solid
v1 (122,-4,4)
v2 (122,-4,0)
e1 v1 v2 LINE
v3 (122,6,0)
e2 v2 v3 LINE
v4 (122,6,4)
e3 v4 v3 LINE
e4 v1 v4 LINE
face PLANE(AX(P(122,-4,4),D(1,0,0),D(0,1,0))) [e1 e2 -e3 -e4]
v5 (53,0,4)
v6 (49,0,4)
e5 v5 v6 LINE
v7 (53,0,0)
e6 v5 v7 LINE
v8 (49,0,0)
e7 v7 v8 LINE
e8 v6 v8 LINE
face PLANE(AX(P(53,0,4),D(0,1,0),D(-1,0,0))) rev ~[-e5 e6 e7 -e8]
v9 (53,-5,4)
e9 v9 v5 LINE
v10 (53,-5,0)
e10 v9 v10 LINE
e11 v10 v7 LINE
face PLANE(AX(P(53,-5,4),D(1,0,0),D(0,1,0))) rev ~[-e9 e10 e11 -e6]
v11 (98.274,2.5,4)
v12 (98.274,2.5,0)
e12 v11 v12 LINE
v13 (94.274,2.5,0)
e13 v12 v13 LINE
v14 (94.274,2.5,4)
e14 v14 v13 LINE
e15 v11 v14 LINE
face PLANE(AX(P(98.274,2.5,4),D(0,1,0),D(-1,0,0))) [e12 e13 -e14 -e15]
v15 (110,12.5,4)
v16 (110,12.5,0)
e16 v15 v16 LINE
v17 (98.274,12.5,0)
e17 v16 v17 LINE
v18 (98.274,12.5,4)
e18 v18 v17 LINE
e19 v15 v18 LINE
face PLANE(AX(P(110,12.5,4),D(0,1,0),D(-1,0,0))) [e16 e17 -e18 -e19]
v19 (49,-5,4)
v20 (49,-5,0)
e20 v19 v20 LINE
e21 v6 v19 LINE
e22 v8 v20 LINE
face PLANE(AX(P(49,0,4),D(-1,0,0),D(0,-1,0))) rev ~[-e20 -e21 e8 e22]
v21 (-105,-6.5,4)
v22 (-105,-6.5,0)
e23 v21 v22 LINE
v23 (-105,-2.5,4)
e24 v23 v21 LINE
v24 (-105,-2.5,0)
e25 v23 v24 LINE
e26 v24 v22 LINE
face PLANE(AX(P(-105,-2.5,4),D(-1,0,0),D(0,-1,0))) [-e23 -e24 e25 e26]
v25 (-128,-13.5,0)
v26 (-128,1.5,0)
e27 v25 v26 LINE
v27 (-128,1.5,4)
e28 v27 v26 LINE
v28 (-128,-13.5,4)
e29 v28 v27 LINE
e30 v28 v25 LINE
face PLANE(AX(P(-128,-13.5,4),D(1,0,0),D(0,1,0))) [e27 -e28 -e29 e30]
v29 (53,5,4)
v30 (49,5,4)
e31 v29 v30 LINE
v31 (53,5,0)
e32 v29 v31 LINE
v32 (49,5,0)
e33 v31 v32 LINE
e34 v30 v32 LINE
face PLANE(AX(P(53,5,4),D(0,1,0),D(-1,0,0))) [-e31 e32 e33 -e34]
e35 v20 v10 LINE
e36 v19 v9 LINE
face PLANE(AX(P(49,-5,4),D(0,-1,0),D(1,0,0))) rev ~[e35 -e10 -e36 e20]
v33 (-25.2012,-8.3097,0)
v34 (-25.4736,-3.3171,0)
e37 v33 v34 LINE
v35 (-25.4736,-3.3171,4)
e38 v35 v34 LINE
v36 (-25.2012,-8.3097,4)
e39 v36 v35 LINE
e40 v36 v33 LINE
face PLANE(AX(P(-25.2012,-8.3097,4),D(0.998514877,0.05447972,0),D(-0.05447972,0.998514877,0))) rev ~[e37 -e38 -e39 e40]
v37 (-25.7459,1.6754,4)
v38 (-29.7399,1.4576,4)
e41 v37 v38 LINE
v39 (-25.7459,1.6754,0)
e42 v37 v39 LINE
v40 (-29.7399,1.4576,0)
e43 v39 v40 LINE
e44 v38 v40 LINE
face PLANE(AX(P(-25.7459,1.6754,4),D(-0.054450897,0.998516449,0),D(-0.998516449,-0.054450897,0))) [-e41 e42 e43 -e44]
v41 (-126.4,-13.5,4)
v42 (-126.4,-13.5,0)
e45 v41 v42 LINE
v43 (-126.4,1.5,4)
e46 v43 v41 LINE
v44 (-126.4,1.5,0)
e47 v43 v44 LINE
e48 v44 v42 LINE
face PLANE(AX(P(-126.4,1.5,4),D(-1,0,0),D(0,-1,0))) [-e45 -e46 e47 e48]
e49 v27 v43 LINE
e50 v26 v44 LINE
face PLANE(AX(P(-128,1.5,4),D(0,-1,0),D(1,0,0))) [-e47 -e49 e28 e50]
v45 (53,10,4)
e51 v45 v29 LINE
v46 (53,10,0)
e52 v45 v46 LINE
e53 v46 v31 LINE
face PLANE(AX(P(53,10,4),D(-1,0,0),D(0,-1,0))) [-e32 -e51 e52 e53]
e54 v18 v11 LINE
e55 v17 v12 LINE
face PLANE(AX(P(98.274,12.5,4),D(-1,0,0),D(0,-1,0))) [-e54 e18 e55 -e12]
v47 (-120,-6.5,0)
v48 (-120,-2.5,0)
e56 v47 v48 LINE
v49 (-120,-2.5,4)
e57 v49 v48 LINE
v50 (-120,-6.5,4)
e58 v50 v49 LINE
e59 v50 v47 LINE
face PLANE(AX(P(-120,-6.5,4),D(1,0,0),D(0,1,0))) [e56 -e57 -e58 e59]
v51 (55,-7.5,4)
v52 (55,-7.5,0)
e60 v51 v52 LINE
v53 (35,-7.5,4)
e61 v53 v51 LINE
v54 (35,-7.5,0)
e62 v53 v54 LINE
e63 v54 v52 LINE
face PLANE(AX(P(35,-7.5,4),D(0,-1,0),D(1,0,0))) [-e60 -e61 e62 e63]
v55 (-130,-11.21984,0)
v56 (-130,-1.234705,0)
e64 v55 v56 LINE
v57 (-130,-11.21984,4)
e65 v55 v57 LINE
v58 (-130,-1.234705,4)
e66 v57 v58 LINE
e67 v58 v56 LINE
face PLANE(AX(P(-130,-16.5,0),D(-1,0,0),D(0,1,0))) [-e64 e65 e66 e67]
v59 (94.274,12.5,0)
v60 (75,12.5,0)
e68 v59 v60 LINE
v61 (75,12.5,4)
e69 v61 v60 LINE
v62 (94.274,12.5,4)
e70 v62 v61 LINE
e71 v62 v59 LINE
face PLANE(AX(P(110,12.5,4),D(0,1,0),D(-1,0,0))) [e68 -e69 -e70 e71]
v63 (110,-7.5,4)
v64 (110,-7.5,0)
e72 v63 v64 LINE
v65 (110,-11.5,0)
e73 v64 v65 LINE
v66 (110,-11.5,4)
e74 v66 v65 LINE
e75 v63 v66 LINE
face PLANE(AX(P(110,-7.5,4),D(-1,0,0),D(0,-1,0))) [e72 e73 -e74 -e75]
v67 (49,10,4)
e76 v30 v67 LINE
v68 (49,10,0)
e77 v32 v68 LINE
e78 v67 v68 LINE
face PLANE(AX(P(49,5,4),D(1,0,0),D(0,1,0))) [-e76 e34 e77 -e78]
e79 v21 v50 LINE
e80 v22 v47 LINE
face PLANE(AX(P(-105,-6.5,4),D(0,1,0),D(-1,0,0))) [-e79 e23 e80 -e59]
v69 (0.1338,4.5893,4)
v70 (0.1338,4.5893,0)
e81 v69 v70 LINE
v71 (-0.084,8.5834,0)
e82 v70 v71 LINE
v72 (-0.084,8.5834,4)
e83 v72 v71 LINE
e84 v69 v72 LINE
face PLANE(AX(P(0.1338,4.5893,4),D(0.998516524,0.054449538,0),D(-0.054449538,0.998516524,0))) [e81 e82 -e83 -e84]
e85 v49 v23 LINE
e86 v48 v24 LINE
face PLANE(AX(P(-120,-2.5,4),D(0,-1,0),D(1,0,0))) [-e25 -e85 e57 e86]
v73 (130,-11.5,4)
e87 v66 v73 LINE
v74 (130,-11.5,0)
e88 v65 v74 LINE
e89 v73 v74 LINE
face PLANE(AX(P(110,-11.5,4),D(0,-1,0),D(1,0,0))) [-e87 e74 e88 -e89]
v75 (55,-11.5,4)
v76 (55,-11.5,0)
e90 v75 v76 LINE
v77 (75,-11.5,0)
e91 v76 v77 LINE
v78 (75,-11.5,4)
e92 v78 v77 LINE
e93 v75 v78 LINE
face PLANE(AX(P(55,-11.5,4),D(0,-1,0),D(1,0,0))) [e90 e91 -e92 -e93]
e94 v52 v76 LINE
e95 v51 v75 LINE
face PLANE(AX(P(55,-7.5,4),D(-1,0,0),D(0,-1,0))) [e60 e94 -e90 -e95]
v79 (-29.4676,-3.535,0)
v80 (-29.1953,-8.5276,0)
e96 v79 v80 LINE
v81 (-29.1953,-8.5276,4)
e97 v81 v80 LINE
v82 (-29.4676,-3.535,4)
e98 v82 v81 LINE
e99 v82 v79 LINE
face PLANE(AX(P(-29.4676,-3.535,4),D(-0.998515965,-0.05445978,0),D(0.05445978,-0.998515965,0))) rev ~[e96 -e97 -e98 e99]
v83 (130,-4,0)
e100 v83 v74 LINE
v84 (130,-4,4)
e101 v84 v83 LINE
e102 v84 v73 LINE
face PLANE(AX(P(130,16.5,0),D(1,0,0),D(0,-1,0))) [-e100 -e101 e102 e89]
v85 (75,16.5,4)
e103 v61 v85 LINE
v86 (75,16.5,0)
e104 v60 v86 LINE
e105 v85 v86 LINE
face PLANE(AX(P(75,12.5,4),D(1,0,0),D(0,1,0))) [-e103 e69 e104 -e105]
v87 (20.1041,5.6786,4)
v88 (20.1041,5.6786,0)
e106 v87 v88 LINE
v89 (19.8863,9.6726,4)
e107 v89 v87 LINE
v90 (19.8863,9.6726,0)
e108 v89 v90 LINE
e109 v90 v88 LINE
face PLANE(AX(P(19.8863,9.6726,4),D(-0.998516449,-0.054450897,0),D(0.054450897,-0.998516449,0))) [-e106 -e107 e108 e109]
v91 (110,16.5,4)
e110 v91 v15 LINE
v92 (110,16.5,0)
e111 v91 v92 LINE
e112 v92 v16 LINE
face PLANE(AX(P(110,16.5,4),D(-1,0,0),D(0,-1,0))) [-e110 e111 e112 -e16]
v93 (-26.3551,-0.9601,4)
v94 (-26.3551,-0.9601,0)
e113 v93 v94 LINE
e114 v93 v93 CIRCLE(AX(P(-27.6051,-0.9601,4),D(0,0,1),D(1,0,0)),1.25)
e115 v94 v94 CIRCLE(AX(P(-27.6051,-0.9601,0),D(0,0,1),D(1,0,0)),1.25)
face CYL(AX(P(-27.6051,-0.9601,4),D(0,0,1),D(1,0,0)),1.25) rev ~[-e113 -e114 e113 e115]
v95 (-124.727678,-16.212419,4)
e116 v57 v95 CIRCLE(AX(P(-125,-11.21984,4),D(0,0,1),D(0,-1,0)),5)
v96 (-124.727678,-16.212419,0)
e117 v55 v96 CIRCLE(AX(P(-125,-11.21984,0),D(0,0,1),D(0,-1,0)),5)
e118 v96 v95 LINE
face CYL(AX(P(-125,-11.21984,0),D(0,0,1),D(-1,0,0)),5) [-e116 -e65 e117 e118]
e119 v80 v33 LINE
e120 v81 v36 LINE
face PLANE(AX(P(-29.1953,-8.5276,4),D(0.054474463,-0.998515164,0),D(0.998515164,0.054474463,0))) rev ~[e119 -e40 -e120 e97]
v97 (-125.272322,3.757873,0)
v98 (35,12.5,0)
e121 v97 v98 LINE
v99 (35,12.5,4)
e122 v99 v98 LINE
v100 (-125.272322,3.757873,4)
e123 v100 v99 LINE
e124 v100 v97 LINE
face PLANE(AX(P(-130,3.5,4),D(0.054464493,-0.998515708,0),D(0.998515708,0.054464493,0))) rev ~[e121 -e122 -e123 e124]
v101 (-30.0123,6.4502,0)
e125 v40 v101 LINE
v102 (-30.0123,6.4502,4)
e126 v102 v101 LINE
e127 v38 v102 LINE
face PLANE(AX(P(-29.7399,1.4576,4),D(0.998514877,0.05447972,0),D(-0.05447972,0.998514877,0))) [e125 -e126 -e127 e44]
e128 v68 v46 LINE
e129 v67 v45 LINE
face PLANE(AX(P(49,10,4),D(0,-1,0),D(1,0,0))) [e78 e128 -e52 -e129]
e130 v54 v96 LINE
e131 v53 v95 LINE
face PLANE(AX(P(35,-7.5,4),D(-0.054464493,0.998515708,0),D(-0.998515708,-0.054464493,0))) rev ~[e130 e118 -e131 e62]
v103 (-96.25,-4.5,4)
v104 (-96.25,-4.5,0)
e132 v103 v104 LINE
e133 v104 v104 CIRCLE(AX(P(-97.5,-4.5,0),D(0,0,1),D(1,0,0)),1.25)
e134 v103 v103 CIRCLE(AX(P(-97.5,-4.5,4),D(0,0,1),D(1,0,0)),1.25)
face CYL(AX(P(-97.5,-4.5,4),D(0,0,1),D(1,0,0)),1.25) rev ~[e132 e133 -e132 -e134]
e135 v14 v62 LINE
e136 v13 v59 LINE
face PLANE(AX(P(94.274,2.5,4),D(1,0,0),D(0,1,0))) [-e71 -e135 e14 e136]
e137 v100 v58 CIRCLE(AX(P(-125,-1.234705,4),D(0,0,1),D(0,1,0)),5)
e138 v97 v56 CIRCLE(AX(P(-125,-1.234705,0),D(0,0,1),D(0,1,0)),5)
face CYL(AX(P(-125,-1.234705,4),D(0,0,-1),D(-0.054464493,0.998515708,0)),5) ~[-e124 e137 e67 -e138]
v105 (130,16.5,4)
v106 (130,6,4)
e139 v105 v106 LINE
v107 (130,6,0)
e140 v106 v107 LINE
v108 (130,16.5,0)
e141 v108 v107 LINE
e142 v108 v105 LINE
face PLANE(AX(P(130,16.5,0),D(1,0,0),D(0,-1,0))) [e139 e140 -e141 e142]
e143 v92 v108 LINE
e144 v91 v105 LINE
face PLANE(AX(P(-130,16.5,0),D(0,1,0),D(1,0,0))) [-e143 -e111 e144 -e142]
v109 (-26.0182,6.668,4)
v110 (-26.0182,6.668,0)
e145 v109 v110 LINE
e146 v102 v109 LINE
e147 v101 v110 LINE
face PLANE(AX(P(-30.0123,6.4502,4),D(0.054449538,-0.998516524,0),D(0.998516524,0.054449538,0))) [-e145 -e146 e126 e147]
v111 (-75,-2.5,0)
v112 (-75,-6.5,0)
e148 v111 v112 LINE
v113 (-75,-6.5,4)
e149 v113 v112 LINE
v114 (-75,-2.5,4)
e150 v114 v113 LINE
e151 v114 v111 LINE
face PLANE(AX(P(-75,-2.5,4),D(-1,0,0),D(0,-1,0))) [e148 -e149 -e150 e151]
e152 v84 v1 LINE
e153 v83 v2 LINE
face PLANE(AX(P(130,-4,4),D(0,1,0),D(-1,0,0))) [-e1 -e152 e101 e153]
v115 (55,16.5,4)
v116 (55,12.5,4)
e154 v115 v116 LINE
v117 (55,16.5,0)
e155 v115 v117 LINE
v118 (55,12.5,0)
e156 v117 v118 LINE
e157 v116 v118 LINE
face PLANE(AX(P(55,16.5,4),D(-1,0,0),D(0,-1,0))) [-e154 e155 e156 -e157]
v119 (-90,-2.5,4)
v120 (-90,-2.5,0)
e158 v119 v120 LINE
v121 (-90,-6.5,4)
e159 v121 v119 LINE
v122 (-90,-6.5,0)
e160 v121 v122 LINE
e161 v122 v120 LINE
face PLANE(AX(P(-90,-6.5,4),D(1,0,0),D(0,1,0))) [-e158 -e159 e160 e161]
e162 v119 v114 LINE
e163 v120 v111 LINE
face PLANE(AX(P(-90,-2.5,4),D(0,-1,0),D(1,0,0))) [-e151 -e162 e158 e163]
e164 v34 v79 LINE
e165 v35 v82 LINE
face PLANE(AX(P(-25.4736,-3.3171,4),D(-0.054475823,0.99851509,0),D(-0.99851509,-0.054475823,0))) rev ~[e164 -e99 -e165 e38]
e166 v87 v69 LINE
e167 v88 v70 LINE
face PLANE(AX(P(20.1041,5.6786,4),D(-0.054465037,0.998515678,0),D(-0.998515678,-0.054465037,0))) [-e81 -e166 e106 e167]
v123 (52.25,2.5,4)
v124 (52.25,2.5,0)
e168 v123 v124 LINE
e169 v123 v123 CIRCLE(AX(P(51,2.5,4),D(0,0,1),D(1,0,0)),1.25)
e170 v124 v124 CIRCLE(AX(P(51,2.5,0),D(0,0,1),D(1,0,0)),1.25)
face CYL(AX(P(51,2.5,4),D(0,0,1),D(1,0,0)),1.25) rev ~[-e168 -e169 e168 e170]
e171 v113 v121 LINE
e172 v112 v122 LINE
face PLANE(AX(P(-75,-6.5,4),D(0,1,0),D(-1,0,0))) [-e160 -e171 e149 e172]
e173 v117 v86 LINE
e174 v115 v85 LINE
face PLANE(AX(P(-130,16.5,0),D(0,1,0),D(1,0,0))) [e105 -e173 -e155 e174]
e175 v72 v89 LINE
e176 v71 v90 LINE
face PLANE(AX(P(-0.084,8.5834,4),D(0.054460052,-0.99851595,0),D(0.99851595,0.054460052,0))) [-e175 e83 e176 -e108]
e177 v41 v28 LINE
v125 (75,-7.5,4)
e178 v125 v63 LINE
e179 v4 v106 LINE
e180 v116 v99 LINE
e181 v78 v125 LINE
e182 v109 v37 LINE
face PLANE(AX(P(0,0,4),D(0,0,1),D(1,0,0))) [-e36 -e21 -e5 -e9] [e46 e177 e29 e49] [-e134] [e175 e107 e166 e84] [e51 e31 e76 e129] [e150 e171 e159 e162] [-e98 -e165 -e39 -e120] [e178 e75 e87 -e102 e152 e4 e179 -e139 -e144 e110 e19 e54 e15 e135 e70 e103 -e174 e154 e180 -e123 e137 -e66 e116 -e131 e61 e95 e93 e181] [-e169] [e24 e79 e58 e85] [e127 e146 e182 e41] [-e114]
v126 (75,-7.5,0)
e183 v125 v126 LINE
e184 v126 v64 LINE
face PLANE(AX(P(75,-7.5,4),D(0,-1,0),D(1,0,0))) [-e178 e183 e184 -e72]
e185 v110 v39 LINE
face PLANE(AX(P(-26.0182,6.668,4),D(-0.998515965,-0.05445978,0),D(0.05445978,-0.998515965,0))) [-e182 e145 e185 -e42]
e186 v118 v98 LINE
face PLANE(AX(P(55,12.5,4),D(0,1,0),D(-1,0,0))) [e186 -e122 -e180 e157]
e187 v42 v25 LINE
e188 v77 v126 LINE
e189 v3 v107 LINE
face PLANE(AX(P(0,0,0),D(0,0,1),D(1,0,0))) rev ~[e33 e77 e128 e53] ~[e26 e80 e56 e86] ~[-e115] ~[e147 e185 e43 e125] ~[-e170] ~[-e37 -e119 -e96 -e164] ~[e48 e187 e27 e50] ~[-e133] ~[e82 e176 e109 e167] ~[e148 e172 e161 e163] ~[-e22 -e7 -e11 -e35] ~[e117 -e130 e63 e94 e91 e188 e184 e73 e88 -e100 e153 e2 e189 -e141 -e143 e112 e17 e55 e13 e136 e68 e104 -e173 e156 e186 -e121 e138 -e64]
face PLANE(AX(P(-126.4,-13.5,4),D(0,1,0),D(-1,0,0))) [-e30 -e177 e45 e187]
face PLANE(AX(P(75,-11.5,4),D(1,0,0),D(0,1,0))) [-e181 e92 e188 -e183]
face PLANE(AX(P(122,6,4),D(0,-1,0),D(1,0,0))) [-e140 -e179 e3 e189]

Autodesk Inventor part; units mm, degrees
ref_plane "YZ Plane" through (0, 0, 0) normal (1, 0, 0) x (0, 1, 0)
ref_plane "XZ Plane" through (0, 0, 0) normal (0, 1, 0) x (-1, 0, 0)
ref_plane "XY Plane" through (0, 0, 0) normal (0, 0, 1) x (1, 0, 0)
sketch "Sketch1" plane through (0, 0, 0) normal (0, 0, 1) x (1, 0, 0)
  line L0 (-130, 16.5) -> (130, 16.5)
  line L1 (130, 16.5) -> (130, -16.5)
  line L2 (130, -16.5) -> (-130, -16.5)
  line L3 (-130, -16.5) -> (-130, 16.5)
  point P0 (0, 0)
  dimension "d0" = 260
  dimension "d1" = 33
  dimension "d2" = 16.5
  dimension "d3" = 130
extrude "Base" add sketch "Sketch1" along normal blind 4
sketch "Sketch2" plane through (0, 0, 4) normal (0, 0, 1) x (1, 0, 0)
  line L0 (130, 16.5) -> (130, -16.5) projected
  line L1 (-130, 16.5) -> (130, 16.5) projected
  line L2 (-130, -16.5) -> (-130, 16.5) projected
  line L3 (130, -16.5) -> (-130, -16.5) projected
  line L4 (75, 16.5) -> (110, 16.5)
  line L5 (110, 16.5) -> (110, 12.5)
  line L6 (110, 12.5) -> (75, 12.5)
  line L7 (75, 12.5) -> (75, 16.5)
  line L8 (-130, 16.5) -> (55, 16.5)
  line L9 (55, 16.5) -> (55, 12.5)
  line L10 (55, 12.5) -> (-130, 12.5)
  line L11 (-130, 12.5) -> (-130, 16.5)
  line L12 (35, -7.5) -> (55, -7.5)
  line L13 (55, -7.5) -> (55, -16.5)
  line L14 (55, -16.5) -> (35, -16.5)
  line L15 (35, -16.5) -> (35, -7.5)
  line L16 (75, -7.5) -> (110, -7.5)
  line L17 (110, -7.5) -> (110, -16.5)
  line L18 (110, -16.5) -> (75, -16.5)
  line L19 (75, -16.5) -> (75, -7.5)
  line L20 (110, -11.5) -> (130, -11.5)
  line L21 (130, -11.5) -> (130, -16.5)
  line L22 (130, -16.5) -> (110, -16.5)
  line L23 (110, -16.5) -> (110, -11.5)
  line L24 (55, -11.5) -> (75, -11.5)
  line L25 (75, -11.5) -> (75, -16.5)
  line L26 (75, -16.5) -> (55, -16.5)
  line L27 (55, -16.5) -> (55, -11.5)
  point P0 (0, 0)
  dimension "d6" = 35
  dimension "d7" = 4
  dimension "d8" = 0
  dimension "d9" = 20
  dimension "d10" = 185
  dimension "d11" = 4
  dimension "d12" = 0
  dimension "d13" = 0
  dimension "d14" = 20
  dimension "d15" = 20
  dimension "d16" = 9
  dimension "d17" = 0
  dimension "d18" = 165
  dimension "d19" = 35
  dimension "d20" = 9
  dimension "d21" = 0
  dimension "d22" = 20
  dimension "d23" = 20
  dimension "d24" = 5
  dimension "d25" = 20
  dimension "d26" = 5
  dimension "d27" = 0
  dimension "d28" = 0
  dimension "d29" = 0
  dimension "d30" = 0
  dimension "d98" = 20
extrude "StructureMounting" cut sketch "Sketch2" against normal blind 4 contours L0 L3 L17 L20 | L5 L6 L7 L1 | L17 L3 L19 L16 | L9 L10 L2 L1 | L3 L13 L24 L19 | L3 L15 L12 L13
sketch "Sketch4" plane through (0, 0, 4) normal (0, 0, 1) x (1, 0, 0)
  line L0 (55, 12.5) -> (-130, 12.5) projected
  line L1 (-130, -16.5) -> (-130, 12.5) projected
  line L2 (35, -16.5) -> (-130, -16.5) projected
  line L3 (35, -16.5) -> (35, -7.5) projected
  line L4 (55, 16.5) -> (55, 12.5) projected
  line L5 (35, -7.5) -> (-130, -16.5)
  line L6 (-130, 3.5) -> (35, 12.5)
  point P0 (0, 0)
  dimension "d42" = 20
  dimension "d43" = 20
extrude "MotorRamp" cut sketch "Sketch4" against normal blind 4
sketch "Sketch5" plane through (0, 0, 4) normal (0, 0, 1) x (1, 0, 0)
  line L0 (110, 12.5) -> (75, 12.5) projected
  line L1 (75, 12.5) -> (75, 16.5) projected
  line L2 (94.274, 12.5) -> (98.274, 12.5)
  line L3 (98.274, 12.5) -> (98.274, 2.5)
  line L4 (98.274, 2.5) -> (94.274, 2.5)
  line L5 (94.274, 2.5) -> (94.274, 12.5)
  line L6 (110, 16.5) -> (110, 12.5) projected
  point P0 (0, 0)
  dimension "d46" = 4
  dimension "d47" = 10
  dimension "d48" = 0
  dimension "d49" = 19.274
  dimension "d100" = 11.726
extrude "LowSleeve" cut sketch "Sketch5" against normal blind 4
sketch "Sketch6" plane through (0, 0, 4) normal (0, 0, 1) x (1, 0, 0)
  line L0 (-130, -16.5) -> (-130, 3.5) projected
  line L1 (-120, -2.5) -> (-105, -2.5)
  line L2 (-105, -2.5) -> (-105, -6.5)
  line L3 (-105, -6.5) -> (-120, -6.5)
  line L4 (-120, -6.5) -> (-120, -2.5)
  line L5 (-90, -2.5) -> (-75, -2.5)
  line L6 (-75, -2.5) -> (-75, -6.5)
  line L7 (-75, -6.5) -> (-90, -6.5)
  line L8 (-90, -6.5) -> (-90, -2.5)
  line L9 (98.274, 2.5) -> (94.274, 2.5) projected
  line L10 (-106.4171, -4.5) -> (-87.4505, -4.5) construction
  circle A0 centre (-97.5, -4.5) radius 1.25
  point P0 (0, 0)
  dimension "d63" = 15
  dimension "d64" = 4
  dimension "d67" = 30
  dimension "d72" = 10
  dimension "d73" = 10
  dimension "d166" = 2
  dimension "d167" = 2.5
  dimension "d168" = 7.5
extrude "MotorSleeves" cut sketch "Sketch6" against normal blind 4
sketch "Sketch10" plane through (0, 0, 4) normal (0, 0, 1) x (1, 0, 0)
  line L0 (130, 16.5) -> (130, -11.5) projected
  line L1 (122, 6) -> (130, 6)
  line L2 (130, 6) -> (130, -4)
  line L3 (130, -4) -> (122, -4)
  line L4 (122, -4) -> (122, 6)
  point P0 (0, 0)
  dimension "d109" = 8
  dimension "d110" = 10
  dimension "d111" = 0
  dimension "d112" = 4
extrude "Cabling" cut sketch "Sketch10" against normal blind 4
sketch "Sketch12" plane through (0, 0, 4) normal (0, 0, 1) x (1, 0, 0)
  line L0 (35, 12.5) -> (-130, 3.5) projected
  line L1 (-0.084, 8.5834) -> (19.8863, 9.6726)
  line L2 (19.8863, 9.6726) -> (20.1041, 5.6786)
  line L3 (20.1041, 5.6786) -> (0.1338, 4.5893)
  line L4 (0.1338, 4.5893) -> (-0.084, 8.5834)
  point P0 (0, 0)
  dimension "d124" = 4
  dimension "d125" = 20
  dimension "d126" = 2
  dimension "d127" = 130
extrude "ESCholder" cut sketch "Sketch12" against normal blind 4
sketch "Sketch13" plane through (0, 0, 4) normal (0, 0, 1) x (1, 0, 0)
  line L0 (55, 16.5) -> (55, 12.5) projected
  line L1 (55, 12.5) -> (35, 12.5) projected
  line L2 (35, 12.5) -> (-130, 3.5) projected
  line L3 (-130, -16.5) -> (35, -7.5) projected
  line L4 (-30.0123, 6.4502) -> (-26.0182, 6.668)
  line L5 (-26.0182, 6.668) -> (-25.7459, 1.6754)
  line L6 (-25.7459, 1.6754) -> (-29.7399, 1.4576)
  line L7 (-29.7399, 1.4576) -> (-30.0123, 6.4502)
  line L8 (-47.5366, -2.0169) -> (-6.9954, 0.1945) construction
  line L9 (-29.1953, -8.5276) -> (-25.2012, -8.3097)
  line L10 (-25.2012, -8.3097) -> (-25.4736, -3.3171)
  line L11 (-25.4736, -3.3171) -> (-29.4676, -3.535)
  line L12 (-29.4676, -3.535) -> (-29.1953, -8.5276)
  line L13 (20.1041, 5.6786) -> (0.1338, 4.5893) projected
  line L14 (-27.9377, 5.1382) -> (-27.2725, -7.0585) construction
  circle A0 centre (-27.6051, -0.9601) radius 1.25
  line L15 (49, 10) -> (53, 10)
  line L16 (53, 10) -> (53, 5)
  line L17 (53, 5) -> (49, 5)
  line L18 (49, 5) -> (49, 10)
  line L19 (39.5253, 2.5) -> (63.8345, 2.5) construction
  line L20 (49, -5) -> (53, -5)
  line L21 (53, -5) -> (53, 0)
  line L22 (53, 0) -> (49, 0)
  line L23 (49, 0) -> (49, -5)
  circle A1 centre (51, 2.5) radius 1.25
  point P0 (0, 0)
  dimension "d134" = 2.5
  dimension "d135" = 7.5
  dimension "d136" = 4
  dimension "d137" = 100
  dimension "d140" = 10
  dimension "d151" = 2
  dimension "d152" = 2.5
  dimension "d153" = 4
  dimension "d154" = 5
  dimension "d155" = 2.5
  dimension "d156" = 6
  dimension "d157" = 10
  dimension "d158" = 2.5
  dimension "d159" = 2
extrude "CrossSupports" cut sketch "Sketch13" against normal blind 10
sketch "Sketch14" plane through (0, 0, 4) normal (0, 0, 1) x (1, 0, 0)
  line L0 (110, 12.5) -> (75, 12.5) projected
  circle A0 centre (113, 8) radius 3
  circle A1 centre (105, 8) radius 3
  point P0 (98.274, 12.5)
  point P1 (0, 0)
  dimension "d141" = 6
  dimension "d142" = 6
  dimension "d143" = 4.5
  dimension "d144" = 4.5
  dimension "d145" = 3
  dimension "d146" = 8
extrude "ESCpowerHoles" [suppressed]
sketch "Sketch15" plane through (0, 0, 4) normal (0, 0, 1) x (1, 0, 0)
  line L0 (75, -7.5) -> (110, -7.5) projected
  line L1 (94.274, 2.5) -> (98.274, 2.5)
  line L2 (98.274, 2.5) -> (98.274, -7.5)
  line L3 (98.274, -7.5) -> (94.274, -7.5)
  line L4 (94.274, -7.5) -> (94.274, 2.5)
  point P0 (0, 0)
extrude "HighSleeve" [suppressed]
sketch "Sketch16" plane through (0, 0, 4) normal (0, 0, 1) x (1, 0, 0)
  line L0 (-130, -16.5) -> (-130, 3.5) projected
  line L1 (-128, 1.5) -> (-126.4, 1.5)
  line L2 (-126.4, 1.5) -> (-126.4, -13.5)
  line L3 (-126.4, -13.5) -> (-128, -13.5)
  line L4 (-128, -13.5) -> (-128, 1.5)
  point P0 (0, 0)
  dimension "d160" = 1.6
  dimension "d161" = 15
  dimension "d162" = 2
  dimension "d163" = 2
extrude "WingLedCutout" cut sketch "Sketch16" against normal blind 10
fillet "ImpactReduction" radius 5 2 edges at (-130, 3.5, 2) (-130, -16.5, 2)
properties part number "ArmTemplate"
